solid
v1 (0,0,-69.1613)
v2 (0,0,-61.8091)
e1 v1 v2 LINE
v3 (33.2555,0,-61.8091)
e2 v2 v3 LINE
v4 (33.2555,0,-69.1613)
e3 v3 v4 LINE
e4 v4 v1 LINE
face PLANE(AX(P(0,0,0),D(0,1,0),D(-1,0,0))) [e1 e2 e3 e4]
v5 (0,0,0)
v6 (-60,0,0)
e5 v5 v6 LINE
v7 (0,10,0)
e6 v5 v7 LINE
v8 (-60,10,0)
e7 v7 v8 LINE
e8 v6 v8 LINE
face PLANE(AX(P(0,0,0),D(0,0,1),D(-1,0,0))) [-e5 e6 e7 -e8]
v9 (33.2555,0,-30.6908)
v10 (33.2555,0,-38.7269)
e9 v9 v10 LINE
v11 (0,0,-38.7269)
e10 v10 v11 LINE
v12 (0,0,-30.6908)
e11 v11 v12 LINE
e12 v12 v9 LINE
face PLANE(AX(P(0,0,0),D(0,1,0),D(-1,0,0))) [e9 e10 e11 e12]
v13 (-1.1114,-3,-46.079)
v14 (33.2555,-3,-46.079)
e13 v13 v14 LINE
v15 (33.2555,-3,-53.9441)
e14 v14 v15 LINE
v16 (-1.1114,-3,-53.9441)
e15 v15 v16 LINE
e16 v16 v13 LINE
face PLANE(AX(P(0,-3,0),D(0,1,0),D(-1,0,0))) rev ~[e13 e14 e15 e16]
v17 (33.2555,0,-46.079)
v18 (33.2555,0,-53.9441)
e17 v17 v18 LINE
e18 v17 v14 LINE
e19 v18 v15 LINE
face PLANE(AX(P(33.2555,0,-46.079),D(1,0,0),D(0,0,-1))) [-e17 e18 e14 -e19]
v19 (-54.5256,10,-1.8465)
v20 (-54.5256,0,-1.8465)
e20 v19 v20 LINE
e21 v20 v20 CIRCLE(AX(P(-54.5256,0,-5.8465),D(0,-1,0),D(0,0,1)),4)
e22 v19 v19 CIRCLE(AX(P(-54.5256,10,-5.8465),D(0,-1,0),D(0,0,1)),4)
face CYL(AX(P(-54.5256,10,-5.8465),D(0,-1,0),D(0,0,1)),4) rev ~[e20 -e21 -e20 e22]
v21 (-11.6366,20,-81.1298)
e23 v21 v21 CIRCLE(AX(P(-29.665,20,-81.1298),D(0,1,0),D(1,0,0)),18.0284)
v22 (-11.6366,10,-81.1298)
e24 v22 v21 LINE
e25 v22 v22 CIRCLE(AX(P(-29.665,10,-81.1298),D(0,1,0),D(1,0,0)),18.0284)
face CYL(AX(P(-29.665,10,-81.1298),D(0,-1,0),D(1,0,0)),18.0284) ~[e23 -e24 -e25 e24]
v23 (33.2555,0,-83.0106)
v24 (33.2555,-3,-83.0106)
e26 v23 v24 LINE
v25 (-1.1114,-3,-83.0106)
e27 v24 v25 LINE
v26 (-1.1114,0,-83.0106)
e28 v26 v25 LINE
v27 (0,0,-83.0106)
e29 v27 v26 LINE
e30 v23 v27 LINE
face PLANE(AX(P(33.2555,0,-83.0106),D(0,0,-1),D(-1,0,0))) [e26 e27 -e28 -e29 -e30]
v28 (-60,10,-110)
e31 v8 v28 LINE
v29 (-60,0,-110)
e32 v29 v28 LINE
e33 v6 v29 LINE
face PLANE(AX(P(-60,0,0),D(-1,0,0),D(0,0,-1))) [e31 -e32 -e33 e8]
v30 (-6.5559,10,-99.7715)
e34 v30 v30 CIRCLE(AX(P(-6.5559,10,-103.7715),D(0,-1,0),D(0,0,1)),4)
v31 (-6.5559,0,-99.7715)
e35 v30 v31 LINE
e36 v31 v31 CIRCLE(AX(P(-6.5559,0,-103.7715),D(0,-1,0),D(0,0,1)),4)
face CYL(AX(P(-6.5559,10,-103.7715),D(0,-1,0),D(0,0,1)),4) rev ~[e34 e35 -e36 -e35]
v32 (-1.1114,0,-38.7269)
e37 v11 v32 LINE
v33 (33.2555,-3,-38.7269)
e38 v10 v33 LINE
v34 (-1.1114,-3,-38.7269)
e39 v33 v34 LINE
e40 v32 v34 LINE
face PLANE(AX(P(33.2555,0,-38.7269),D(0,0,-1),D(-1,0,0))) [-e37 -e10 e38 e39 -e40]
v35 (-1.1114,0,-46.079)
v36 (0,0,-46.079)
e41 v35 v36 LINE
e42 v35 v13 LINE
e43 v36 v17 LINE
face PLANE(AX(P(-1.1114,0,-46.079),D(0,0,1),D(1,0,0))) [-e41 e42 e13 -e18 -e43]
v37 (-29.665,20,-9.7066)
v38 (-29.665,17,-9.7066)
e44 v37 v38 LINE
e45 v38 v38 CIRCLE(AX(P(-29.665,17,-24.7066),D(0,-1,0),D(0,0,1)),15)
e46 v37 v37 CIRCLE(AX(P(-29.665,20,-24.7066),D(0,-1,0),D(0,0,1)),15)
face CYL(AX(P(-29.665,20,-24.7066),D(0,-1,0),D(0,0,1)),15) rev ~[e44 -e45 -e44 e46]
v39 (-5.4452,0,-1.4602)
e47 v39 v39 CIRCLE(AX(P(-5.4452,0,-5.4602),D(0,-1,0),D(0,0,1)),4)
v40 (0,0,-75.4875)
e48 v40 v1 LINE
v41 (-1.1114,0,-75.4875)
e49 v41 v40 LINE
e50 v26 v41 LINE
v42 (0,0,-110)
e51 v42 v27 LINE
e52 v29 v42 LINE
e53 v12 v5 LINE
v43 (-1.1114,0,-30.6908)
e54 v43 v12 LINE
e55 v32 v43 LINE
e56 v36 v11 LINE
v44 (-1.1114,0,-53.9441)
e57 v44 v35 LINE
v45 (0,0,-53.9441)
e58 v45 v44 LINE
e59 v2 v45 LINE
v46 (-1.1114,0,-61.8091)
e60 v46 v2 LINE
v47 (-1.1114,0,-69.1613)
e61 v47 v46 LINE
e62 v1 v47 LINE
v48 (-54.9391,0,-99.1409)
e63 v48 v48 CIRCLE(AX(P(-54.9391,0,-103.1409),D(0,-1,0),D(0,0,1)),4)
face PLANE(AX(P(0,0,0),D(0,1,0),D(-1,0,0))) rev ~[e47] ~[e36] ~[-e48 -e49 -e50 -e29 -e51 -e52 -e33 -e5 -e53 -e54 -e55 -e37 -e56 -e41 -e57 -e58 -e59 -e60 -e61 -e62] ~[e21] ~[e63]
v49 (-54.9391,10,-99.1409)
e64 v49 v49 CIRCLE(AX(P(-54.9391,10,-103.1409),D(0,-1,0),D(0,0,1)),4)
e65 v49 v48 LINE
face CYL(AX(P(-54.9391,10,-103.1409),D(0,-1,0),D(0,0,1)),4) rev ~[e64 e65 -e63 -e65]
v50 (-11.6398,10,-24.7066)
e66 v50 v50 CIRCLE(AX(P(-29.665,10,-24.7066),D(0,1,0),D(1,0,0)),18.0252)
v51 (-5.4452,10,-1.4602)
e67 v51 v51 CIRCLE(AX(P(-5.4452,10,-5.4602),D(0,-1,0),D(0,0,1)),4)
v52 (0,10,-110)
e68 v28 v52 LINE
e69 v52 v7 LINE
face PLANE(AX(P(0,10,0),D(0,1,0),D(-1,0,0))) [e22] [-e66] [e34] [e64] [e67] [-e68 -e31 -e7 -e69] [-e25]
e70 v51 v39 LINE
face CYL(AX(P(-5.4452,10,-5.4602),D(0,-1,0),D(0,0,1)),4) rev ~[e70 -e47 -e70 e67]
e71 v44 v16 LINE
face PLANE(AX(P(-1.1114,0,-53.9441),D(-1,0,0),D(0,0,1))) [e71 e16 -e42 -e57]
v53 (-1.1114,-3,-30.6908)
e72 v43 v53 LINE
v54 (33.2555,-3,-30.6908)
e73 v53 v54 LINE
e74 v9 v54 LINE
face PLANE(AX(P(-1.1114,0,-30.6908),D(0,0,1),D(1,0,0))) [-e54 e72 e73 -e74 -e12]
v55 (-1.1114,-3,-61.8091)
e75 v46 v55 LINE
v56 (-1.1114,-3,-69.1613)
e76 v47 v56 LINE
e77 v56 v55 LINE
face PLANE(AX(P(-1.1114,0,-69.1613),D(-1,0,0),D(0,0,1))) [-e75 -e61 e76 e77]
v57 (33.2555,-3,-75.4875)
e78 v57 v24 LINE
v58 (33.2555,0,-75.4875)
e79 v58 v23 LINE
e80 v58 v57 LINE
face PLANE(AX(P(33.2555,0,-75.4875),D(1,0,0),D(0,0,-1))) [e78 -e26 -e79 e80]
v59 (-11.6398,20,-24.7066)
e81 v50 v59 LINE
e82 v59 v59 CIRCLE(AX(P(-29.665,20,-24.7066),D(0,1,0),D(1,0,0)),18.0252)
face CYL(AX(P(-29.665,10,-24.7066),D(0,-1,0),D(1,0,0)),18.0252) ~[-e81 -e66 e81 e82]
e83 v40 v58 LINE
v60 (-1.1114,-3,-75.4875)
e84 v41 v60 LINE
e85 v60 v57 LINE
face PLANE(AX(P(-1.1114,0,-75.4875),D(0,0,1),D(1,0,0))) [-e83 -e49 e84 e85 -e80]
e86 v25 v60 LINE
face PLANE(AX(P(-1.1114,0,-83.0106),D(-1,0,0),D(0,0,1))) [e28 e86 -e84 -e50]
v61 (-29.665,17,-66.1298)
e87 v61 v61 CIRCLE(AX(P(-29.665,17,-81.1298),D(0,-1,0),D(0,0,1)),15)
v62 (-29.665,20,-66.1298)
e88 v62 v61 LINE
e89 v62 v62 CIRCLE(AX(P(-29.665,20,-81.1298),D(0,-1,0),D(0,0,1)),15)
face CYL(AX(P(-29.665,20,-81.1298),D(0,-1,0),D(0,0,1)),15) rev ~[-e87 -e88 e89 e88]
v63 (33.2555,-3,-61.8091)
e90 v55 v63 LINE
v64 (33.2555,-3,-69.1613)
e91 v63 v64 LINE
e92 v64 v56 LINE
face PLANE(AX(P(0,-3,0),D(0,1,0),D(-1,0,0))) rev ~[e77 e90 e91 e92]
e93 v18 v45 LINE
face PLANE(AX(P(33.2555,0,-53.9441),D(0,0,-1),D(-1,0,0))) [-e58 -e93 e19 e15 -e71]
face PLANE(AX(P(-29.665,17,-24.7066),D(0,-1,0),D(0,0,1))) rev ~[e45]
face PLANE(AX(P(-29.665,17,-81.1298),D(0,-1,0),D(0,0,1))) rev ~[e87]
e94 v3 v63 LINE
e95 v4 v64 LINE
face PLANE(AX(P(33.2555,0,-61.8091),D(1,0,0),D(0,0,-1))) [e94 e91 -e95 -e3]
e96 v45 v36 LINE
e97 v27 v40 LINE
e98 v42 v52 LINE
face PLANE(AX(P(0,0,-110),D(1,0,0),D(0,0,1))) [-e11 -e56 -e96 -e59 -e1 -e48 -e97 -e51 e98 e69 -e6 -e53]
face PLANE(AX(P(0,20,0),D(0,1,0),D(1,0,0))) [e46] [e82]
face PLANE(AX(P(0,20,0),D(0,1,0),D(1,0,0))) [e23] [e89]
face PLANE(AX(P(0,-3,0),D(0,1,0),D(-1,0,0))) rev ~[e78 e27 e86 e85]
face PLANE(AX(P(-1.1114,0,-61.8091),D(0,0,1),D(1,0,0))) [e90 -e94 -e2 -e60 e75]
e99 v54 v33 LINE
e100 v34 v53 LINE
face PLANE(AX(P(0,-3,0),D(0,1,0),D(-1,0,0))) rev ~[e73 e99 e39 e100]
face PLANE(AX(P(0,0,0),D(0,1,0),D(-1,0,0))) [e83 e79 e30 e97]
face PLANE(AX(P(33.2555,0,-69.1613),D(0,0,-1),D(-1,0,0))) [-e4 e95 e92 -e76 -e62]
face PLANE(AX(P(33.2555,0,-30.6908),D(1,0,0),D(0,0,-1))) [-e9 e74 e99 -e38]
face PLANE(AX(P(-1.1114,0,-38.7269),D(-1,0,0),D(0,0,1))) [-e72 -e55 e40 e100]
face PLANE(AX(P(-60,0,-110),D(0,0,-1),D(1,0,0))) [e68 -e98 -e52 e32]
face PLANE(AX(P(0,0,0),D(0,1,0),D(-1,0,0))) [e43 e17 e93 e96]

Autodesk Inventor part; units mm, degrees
ref_plane "YZ Plane" through (0, 0, 0) normal (1, 0, 0) x (0, 1, 0)
ref_plane "XZ Plane" through (0, 0, 0) normal (0, 1, 0) x (-1, 0, 0)
ref_plane "XY Plane" through (0, 0, 0) normal (0, 0, 1) x (1, 0, 0)
sketch "Sketch1" plane through (0, 0, 0) normal (0, 1, 0) x (-1, 0, 0)
  line L0 (0, 0) -> (60, 0)
  line L1 (60, 0) -> (60, -110)
  line L2 (60, -110) -> (0, -110)
  line L3 (0, -110) -> (0, 0)
  dimension "d0" = 110
  dimension "d1" = 60
sketch "Sketch2" plane through (0, 0, 0) normal (0, 1, 0) x (-1, 0, 0)
  line L0 (1.1114, -30.6908) -> (-33.2555, -30.6908)
  line L1 (-33.2555, -30.6908) -> (-33.2555, -38.7269)
  line L2 (-33.2555, -38.7269) -> (1.1114, -38.7269)
  line L3 (1.1114, -38.7269) -> (1.1114, -30.6908)
  line L4 (1.1114, -46.079) -> (-33.2555, -46.079)
  line L5 (-33.2555, -46.079) -> (-33.2555, -53.9441)
  line L6 (-33.2555, -53.9441) -> (1.1114, -53.9441)
  line L7 (1.1114, -53.9441) -> (1.1114, -46.079)
  line L8 (1.1114, -61.8091) -> (-33.2555, -61.8091)
  line L9 (-33.2555, -61.8091) -> (-33.2555, -69.1613)
  line L10 (-33.2555, -69.1613) -> (1.1114, -69.1613)
  line L11 (1.1114, -69.1613) -> (1.1114, -61.8091)
  line L12 (1.1114, -75.4875) -> (-33.2555, -75.4875)
  line L13 (-33.2555, -75.4875) -> (-33.2555, -83.0106)
  line L14 (-33.2555, -83.0106) -> (1.1114, -83.0106)
  line L15 (1.1114, -83.0106) -> (1.1114, -75.4875)
  point P0 (0, 0)
extrude "Extrusion1" add sketch "Sketch1" along normal blind 10
extrude "Extrusion2" add sketch "Sketch2" against normal blind 3
sketch "Sketch3" plane through (0, 10, 0) normal (0, 1, 0) x (1, 0, 0)
  circle A0 centre (-29.665, 24.7066) radius 18.0252
  circle A1 centre (-29.665, 81.1298) radius 18.0284
  point P0 (0, 0)
extrude "Extrusion3" add sketch "Sketch3" along normal blind 10
sketch "Sketch4" plane through (-29.665, 20, -24.7066) normal (0, 1, 0) x (1, 0, 0)
  point P0 (29.665, -24.7066)
sketch "Sketch5" plane through (-29.665, 20, -24.7066) normal (0, 1, 0) x (1, 0, 0)
  circle A0 centre (0, 0) radius 18.0252 projected
  point P0 (29.665, -24.7066)
hole "Hole1" at (-29.665, 20, -24.7066) direction (0, -1, 0) diameter 30 depth 3
sketch "Sketch6" plane through (-29.665, 20, -81.1298) normal (0, 1, 0) x (1, 0, 0)
  circle A0 centre (0, 0) radius 18.0284 projected
  point P0 (29.665, -81.1298)
hole "Hole2" at (-29.665, 20, -81.1298) direction (0, -1, 0) diameter 30 depth 3
sketch "Sketch7" plane through (0, 10, 0) normal (0, 1, 0) x (1, 0, 0)
  point P0 (0, 0)
  point P1 (-54.5256, 5.8465)
  point P2 (-54.9391, 103.1409)
  point P3 (-6.5559, 103.7715)
  point P4 (-5.4452, 5.4602)
hole "Hole3" at (-54.5256, 10, -5.8465) at (-54.9391, 10, -103.1409) at (-6.5559, 10, -103.7715) at (-5.4452, 10, -5.4602) direction (0, -1, 0) diameter 8 end through all
sketch "Sketch8" plane through (0, 10, 0) normal (0, 1, 0) x (1, 0, 0)
  line L0 (-57.5346, 24.8775) -> (-57.5346, 80.9707) construction
  line L1 (-57.5346, 80.9707) -> (-48.1627, 80.9707) construction
  line L2 (-48.1627, 80.9707) -> (-48.1627, 24.8775) construction
  line L3 (-48.1627, 24.8775) -> (-57.5346, 24.8775) construction
  point P0 (0, 0)
properties part number "ultrasonic now"
